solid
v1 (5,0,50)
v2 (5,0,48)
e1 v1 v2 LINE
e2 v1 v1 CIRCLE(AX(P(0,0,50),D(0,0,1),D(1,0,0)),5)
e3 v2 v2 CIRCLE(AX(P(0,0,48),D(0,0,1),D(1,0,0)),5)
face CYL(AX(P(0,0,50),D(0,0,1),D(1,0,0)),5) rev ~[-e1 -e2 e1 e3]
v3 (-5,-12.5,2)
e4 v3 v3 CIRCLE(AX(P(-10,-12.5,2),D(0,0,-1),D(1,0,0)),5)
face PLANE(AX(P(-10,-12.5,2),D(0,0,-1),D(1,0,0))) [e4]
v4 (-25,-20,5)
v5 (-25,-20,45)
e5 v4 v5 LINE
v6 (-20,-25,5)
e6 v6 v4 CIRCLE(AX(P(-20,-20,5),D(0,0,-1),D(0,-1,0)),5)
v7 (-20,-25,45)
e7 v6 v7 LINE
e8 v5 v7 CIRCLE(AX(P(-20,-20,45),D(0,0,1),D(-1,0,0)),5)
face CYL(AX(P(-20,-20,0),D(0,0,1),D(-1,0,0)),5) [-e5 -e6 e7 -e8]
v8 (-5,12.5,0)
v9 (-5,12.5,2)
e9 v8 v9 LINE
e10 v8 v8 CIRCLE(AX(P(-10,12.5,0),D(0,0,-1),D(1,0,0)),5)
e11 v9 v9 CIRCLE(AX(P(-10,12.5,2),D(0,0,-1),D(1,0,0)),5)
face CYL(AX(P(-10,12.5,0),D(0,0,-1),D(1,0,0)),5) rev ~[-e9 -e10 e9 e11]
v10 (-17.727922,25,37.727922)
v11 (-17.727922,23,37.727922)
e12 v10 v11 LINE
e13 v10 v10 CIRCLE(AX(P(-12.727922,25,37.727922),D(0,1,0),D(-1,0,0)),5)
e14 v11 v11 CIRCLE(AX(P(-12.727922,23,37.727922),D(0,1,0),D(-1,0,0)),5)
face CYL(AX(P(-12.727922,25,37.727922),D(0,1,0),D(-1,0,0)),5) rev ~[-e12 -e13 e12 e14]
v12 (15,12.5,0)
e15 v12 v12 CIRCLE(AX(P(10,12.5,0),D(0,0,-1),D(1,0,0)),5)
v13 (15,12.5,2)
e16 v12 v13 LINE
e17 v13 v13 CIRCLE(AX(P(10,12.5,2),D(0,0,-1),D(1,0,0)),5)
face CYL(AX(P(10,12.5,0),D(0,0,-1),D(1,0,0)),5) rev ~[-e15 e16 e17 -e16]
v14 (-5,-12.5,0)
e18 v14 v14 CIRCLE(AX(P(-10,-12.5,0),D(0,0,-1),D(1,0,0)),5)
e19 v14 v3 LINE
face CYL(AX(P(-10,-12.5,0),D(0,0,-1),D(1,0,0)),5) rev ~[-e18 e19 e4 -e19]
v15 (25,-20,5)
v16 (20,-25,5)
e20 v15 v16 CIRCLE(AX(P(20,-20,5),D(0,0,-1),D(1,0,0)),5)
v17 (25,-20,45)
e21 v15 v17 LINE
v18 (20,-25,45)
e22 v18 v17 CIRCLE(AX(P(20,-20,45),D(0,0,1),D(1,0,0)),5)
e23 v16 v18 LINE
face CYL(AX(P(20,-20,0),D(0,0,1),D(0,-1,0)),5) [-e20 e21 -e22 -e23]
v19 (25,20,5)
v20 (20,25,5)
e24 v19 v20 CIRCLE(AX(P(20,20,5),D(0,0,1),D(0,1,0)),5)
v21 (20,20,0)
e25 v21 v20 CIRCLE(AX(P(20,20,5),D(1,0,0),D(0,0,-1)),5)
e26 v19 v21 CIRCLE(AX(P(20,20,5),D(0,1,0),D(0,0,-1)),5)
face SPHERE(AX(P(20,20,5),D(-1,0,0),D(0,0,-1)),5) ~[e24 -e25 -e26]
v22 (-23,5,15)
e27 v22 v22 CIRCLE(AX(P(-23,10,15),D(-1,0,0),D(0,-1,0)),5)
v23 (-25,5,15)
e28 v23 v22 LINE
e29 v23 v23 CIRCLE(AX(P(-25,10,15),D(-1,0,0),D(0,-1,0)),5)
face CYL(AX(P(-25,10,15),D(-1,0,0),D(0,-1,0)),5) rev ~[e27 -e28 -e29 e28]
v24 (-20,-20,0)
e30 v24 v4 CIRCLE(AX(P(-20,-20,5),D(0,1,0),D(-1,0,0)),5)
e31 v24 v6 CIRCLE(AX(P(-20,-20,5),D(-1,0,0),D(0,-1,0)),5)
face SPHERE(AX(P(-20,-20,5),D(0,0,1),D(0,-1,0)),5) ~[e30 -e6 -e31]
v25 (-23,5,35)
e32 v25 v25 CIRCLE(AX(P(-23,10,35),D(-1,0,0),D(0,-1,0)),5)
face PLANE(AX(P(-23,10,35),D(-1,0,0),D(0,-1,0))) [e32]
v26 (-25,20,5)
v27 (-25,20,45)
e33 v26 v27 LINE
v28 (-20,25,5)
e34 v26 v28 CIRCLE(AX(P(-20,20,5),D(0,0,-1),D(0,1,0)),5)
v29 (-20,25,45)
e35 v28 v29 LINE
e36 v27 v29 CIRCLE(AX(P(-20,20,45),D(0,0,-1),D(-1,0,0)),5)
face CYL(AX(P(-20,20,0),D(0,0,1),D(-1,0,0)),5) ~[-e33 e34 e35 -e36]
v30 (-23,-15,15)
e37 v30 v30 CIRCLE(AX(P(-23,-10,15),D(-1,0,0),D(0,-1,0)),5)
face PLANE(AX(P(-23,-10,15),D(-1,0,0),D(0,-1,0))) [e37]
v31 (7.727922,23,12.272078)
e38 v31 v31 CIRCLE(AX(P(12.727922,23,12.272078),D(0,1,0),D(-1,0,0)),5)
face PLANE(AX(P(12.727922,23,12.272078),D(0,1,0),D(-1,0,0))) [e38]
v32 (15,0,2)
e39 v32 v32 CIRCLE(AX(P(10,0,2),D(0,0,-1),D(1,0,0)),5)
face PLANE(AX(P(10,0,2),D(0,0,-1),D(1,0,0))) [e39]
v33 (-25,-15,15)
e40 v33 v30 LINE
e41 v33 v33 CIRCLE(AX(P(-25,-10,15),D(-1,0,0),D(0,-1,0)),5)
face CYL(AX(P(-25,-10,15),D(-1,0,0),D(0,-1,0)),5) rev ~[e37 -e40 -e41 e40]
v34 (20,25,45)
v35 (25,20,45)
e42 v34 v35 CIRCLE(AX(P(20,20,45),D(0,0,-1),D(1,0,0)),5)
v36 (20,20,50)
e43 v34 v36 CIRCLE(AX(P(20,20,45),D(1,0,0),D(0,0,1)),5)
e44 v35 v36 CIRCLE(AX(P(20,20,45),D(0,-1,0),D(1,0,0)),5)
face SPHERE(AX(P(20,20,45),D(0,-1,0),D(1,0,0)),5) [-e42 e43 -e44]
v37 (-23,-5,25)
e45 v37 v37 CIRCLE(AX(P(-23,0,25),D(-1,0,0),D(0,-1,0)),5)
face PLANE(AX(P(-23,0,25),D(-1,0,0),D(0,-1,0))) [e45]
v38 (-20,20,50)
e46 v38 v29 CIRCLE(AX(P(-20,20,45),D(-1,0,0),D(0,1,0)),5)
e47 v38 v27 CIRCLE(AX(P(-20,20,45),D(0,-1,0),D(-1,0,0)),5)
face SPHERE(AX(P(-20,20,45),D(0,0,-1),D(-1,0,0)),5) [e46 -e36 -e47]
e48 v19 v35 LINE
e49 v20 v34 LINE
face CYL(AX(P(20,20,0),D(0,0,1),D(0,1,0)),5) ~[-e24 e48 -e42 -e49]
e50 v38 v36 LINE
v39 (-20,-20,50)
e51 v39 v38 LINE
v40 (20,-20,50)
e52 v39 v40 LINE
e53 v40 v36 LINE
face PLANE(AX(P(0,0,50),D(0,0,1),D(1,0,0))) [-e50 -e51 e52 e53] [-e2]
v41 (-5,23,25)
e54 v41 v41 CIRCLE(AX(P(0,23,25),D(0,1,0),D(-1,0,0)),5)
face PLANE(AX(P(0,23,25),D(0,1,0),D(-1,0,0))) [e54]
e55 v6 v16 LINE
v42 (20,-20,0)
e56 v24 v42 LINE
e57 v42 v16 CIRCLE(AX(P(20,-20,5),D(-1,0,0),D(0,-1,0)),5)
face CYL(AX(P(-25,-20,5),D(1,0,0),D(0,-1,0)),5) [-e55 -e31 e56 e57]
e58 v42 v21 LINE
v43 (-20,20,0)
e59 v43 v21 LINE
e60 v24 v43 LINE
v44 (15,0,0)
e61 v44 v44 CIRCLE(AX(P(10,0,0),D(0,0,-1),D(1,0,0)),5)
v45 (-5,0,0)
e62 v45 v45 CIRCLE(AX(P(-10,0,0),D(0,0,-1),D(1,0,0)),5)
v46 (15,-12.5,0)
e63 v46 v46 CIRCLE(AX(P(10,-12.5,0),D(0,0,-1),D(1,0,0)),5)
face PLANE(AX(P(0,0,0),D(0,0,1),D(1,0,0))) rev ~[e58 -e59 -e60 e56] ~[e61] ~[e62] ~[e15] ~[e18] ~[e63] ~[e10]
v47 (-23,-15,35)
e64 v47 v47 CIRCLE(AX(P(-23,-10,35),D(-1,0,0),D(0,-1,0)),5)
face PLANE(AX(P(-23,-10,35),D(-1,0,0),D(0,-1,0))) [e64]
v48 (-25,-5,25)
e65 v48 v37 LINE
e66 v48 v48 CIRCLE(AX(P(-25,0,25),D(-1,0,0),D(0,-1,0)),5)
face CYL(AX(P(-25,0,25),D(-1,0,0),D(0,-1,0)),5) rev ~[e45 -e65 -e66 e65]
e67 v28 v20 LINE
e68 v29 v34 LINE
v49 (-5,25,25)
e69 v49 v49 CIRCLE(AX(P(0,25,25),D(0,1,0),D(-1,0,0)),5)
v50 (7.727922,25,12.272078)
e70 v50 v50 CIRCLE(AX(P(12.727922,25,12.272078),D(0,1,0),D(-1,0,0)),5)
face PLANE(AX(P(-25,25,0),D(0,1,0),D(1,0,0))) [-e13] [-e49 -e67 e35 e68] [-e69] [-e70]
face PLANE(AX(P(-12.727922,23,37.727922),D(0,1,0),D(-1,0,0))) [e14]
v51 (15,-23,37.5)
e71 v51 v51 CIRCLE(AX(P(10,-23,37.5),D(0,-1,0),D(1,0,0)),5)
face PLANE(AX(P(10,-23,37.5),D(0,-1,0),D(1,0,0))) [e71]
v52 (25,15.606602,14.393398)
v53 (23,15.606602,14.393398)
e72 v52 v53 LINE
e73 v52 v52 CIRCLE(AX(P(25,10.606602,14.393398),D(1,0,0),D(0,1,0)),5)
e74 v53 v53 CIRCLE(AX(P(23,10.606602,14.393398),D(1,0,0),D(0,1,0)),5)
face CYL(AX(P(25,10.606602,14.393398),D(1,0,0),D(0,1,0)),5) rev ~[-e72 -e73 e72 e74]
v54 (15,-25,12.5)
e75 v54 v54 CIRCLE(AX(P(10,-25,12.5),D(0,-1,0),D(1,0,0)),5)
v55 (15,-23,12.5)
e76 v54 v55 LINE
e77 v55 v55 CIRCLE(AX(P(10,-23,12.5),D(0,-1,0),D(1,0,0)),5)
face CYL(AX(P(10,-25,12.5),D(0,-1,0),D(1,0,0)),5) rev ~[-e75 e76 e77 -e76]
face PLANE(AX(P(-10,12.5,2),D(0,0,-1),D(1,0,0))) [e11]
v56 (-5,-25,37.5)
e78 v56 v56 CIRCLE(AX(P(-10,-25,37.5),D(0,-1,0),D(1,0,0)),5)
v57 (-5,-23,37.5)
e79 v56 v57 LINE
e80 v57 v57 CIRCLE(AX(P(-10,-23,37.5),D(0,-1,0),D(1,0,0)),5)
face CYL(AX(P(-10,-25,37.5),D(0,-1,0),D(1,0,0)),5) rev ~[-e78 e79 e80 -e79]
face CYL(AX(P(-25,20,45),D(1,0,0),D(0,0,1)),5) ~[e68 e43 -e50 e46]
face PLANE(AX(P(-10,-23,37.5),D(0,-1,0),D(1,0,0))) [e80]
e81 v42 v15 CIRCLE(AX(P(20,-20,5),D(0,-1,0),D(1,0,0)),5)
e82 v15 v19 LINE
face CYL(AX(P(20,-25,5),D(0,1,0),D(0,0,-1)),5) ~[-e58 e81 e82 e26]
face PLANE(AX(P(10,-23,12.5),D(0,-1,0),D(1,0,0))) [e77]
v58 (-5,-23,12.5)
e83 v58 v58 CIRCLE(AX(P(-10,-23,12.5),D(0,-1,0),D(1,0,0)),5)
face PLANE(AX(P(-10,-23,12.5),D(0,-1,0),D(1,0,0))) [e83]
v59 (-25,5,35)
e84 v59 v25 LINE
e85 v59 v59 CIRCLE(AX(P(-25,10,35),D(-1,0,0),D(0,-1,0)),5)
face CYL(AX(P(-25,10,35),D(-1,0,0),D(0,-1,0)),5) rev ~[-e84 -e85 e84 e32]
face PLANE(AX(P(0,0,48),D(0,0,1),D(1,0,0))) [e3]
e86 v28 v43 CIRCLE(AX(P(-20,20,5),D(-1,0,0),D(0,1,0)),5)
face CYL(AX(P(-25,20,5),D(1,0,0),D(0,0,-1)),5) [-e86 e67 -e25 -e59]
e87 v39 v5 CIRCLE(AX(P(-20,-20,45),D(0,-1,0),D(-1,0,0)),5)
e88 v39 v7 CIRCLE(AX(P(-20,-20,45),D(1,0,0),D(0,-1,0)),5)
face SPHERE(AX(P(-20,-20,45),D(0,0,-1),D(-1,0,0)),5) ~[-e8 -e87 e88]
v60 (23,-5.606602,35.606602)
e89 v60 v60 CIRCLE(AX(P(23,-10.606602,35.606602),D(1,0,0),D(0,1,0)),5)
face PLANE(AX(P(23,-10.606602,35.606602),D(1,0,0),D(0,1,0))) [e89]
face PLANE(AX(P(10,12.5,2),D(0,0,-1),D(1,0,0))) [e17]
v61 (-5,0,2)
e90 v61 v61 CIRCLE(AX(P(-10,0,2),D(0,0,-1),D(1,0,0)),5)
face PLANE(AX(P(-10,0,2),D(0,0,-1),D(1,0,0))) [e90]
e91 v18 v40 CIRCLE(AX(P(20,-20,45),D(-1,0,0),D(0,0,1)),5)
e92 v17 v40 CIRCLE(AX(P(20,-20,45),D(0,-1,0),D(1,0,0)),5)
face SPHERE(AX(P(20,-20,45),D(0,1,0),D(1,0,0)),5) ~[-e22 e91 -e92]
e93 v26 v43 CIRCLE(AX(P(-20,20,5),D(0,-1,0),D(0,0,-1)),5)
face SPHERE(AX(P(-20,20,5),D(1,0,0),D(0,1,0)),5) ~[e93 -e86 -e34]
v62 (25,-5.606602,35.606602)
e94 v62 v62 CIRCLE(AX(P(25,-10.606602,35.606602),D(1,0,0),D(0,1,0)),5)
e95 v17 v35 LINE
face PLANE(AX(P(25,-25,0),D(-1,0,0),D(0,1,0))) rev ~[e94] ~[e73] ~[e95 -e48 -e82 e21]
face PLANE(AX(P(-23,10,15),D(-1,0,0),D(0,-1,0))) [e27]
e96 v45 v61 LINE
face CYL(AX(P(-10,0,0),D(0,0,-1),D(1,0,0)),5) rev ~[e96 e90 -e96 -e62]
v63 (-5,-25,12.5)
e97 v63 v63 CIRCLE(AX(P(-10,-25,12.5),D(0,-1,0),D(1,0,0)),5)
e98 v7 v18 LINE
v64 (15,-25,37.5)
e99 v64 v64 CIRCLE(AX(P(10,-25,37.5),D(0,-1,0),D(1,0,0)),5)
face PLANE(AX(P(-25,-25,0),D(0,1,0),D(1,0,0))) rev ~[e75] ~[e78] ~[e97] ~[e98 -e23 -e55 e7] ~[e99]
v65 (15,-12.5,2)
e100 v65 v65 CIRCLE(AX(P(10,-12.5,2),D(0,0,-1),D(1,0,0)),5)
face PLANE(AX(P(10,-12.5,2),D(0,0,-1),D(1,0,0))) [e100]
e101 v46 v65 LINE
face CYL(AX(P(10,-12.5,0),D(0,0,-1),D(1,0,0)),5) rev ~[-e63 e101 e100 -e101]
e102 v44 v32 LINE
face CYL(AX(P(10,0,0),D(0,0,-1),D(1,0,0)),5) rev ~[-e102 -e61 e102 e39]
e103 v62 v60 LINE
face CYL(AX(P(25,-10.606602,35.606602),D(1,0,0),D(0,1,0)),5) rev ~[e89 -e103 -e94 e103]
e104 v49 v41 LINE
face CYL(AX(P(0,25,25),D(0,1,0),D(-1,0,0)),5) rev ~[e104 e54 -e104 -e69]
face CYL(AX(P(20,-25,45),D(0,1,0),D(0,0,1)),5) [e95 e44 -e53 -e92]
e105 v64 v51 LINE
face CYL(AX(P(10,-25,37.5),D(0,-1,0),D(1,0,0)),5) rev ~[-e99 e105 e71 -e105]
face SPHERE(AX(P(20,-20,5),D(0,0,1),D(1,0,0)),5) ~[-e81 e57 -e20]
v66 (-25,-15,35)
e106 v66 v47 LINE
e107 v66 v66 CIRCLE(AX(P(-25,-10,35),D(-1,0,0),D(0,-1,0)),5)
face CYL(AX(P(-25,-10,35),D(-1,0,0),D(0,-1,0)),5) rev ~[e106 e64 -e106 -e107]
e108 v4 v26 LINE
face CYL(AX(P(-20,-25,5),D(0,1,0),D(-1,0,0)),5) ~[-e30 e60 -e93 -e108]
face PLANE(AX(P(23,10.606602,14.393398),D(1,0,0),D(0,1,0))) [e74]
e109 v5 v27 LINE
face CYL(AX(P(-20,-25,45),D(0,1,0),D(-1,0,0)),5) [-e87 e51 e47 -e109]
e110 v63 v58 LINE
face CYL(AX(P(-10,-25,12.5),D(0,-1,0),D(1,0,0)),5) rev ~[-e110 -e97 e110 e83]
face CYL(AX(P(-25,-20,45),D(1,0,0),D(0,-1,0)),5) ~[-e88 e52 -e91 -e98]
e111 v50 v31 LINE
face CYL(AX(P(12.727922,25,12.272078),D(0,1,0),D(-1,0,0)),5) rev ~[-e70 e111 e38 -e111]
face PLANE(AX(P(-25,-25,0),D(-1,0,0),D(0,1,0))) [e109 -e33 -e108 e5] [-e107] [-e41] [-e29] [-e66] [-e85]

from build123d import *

# Parameters (mm, degrees)
F0_W      = 50
F0_H      = 50
F1_DEPTH  = 50
F2_R      = 5
F3_DEPTH  = 2
F4_R      = 5
F5_DEPTH  = 2
F6_R      = 5
F7_DEPTH  = 2
F8_R      = 5
F9_DEPTH  = 2
F10_R     = 5
F11_DEPTH = 2
F12_R     = 5
F13_DEPTH = 2
F14_R     = 5


with BuildPart() as f1:
    # F0 (on Top) → F1 (new body)
    with BuildSketch(Plane.XY):
        Rectangle(F0_W, F0_H)
    extrude(amount=F1_DEPTH)

    # F2 (on face) → F3 (cut)
    with BuildSketch(Plane.XY.offset(50)):
        Circle(F2_R)
    extrude(amount=-F3_DEPTH, mode=Mode.SUBTRACT)

    # F4 (on face) → F5 (cut)
    with BuildSketch(Plane.YZ.offset(25)):
        with Locations((10.606602, 14.393398)):
            Circle(F4_R)
        with Locations((-10.606602, 35.606602)):
            Circle(F4_R)
    extrude(amount=-F5_DEPTH, mode=Mode.SUBTRACT)

    # F6 (on face) → F7 (cut)
    with BuildSketch(Plane(origin=(0, 0, 0), x_dir=(1, 0, 0), z_dir=(0, 0, -1))):
        with Locations((10, -12.5)):
            Circle(F6_R)
        with Locations((10, 0)):
            Circle(F6_R)
        with Locations((10, 12.5)):
            Circle(F6_R)
        with Locations((-10, -12.5)):
            Circle(F6_R)
        with Locations((-10, 0)):
            Circle(F6_R)
        with Locations((-10, 12.5)):
            Circle(F6_R)
    extrude(amount=-F7_DEPTH, mode=Mode.SUBTRACT)

    # F8 (on face) → F9 (cut)
    with BuildSketch(Plane(origin=(0, 25, 0), x_dir=(-1, 0, 0), z_dir=(0, 1, 0))):
        with Locations((-12.727922, 12.272078)):
            Circle(F8_R)
        with Locations((0, 25)):
            Circle(F8_R)
        with Locations((12.727922, 37.727922)):
            Circle(F8_R)
    extrude(amount=-F9_DEPTH, mode=Mode.SUBTRACT)

    # F10 (on face) → F11 (cut)
    with BuildSketch(Plane.XZ.offset(25)):
        with Locations((-10, 37.5)):
            Circle(F10_R)
        with Locations((-10, 12.5)):
            Circle(F10_R)
        with Locations((10, 12.5)):
            Circle(F10_R)
        with Locations((10, 37.5)):
            Circle(F10_R)
    extrude(amount=-F11_DEPTH, mode=Mode.SUBTRACT)

    # F12 (on face) → F13 (cut)
    with BuildSketch(Plane(origin=(-25, 0, 0), x_dir=(0, -1, 0), z_dir=(-1, 0, 0))):
        with Locations((-10, 35)):
            Circle(F12_R)
        with Locations((0, 25)):
            Circle(F12_R)
        with Locations((10, 35)):
            Circle(F12_R)
        with Locations((10, 15)):
            Circle(F12_R)
        with Locations((-10, 15)):
            Circle(F12_R)
    extrude(amount=-F13_DEPTH, mode=Mode.SUBTRACT)

    # F14
    f14_edges = [f1.edges().sort_by_distance(p)[0] for p in [
        (25, 0, 50),
        (25, -25, 25),
        (-25, -25, 25),
        (0, 25, 0),
        (-25, 25, 25),
        (-25, 0, 50),
        (25, 0, 0),
        (0, -25, 0),
        (25, 25, 25),
        (-25, 0, 0),
        (0, 25, 50),
        (0, -25, 50),
    ]]
    fillet(f14_edges, radius=F14_R)


solid = f1.part
